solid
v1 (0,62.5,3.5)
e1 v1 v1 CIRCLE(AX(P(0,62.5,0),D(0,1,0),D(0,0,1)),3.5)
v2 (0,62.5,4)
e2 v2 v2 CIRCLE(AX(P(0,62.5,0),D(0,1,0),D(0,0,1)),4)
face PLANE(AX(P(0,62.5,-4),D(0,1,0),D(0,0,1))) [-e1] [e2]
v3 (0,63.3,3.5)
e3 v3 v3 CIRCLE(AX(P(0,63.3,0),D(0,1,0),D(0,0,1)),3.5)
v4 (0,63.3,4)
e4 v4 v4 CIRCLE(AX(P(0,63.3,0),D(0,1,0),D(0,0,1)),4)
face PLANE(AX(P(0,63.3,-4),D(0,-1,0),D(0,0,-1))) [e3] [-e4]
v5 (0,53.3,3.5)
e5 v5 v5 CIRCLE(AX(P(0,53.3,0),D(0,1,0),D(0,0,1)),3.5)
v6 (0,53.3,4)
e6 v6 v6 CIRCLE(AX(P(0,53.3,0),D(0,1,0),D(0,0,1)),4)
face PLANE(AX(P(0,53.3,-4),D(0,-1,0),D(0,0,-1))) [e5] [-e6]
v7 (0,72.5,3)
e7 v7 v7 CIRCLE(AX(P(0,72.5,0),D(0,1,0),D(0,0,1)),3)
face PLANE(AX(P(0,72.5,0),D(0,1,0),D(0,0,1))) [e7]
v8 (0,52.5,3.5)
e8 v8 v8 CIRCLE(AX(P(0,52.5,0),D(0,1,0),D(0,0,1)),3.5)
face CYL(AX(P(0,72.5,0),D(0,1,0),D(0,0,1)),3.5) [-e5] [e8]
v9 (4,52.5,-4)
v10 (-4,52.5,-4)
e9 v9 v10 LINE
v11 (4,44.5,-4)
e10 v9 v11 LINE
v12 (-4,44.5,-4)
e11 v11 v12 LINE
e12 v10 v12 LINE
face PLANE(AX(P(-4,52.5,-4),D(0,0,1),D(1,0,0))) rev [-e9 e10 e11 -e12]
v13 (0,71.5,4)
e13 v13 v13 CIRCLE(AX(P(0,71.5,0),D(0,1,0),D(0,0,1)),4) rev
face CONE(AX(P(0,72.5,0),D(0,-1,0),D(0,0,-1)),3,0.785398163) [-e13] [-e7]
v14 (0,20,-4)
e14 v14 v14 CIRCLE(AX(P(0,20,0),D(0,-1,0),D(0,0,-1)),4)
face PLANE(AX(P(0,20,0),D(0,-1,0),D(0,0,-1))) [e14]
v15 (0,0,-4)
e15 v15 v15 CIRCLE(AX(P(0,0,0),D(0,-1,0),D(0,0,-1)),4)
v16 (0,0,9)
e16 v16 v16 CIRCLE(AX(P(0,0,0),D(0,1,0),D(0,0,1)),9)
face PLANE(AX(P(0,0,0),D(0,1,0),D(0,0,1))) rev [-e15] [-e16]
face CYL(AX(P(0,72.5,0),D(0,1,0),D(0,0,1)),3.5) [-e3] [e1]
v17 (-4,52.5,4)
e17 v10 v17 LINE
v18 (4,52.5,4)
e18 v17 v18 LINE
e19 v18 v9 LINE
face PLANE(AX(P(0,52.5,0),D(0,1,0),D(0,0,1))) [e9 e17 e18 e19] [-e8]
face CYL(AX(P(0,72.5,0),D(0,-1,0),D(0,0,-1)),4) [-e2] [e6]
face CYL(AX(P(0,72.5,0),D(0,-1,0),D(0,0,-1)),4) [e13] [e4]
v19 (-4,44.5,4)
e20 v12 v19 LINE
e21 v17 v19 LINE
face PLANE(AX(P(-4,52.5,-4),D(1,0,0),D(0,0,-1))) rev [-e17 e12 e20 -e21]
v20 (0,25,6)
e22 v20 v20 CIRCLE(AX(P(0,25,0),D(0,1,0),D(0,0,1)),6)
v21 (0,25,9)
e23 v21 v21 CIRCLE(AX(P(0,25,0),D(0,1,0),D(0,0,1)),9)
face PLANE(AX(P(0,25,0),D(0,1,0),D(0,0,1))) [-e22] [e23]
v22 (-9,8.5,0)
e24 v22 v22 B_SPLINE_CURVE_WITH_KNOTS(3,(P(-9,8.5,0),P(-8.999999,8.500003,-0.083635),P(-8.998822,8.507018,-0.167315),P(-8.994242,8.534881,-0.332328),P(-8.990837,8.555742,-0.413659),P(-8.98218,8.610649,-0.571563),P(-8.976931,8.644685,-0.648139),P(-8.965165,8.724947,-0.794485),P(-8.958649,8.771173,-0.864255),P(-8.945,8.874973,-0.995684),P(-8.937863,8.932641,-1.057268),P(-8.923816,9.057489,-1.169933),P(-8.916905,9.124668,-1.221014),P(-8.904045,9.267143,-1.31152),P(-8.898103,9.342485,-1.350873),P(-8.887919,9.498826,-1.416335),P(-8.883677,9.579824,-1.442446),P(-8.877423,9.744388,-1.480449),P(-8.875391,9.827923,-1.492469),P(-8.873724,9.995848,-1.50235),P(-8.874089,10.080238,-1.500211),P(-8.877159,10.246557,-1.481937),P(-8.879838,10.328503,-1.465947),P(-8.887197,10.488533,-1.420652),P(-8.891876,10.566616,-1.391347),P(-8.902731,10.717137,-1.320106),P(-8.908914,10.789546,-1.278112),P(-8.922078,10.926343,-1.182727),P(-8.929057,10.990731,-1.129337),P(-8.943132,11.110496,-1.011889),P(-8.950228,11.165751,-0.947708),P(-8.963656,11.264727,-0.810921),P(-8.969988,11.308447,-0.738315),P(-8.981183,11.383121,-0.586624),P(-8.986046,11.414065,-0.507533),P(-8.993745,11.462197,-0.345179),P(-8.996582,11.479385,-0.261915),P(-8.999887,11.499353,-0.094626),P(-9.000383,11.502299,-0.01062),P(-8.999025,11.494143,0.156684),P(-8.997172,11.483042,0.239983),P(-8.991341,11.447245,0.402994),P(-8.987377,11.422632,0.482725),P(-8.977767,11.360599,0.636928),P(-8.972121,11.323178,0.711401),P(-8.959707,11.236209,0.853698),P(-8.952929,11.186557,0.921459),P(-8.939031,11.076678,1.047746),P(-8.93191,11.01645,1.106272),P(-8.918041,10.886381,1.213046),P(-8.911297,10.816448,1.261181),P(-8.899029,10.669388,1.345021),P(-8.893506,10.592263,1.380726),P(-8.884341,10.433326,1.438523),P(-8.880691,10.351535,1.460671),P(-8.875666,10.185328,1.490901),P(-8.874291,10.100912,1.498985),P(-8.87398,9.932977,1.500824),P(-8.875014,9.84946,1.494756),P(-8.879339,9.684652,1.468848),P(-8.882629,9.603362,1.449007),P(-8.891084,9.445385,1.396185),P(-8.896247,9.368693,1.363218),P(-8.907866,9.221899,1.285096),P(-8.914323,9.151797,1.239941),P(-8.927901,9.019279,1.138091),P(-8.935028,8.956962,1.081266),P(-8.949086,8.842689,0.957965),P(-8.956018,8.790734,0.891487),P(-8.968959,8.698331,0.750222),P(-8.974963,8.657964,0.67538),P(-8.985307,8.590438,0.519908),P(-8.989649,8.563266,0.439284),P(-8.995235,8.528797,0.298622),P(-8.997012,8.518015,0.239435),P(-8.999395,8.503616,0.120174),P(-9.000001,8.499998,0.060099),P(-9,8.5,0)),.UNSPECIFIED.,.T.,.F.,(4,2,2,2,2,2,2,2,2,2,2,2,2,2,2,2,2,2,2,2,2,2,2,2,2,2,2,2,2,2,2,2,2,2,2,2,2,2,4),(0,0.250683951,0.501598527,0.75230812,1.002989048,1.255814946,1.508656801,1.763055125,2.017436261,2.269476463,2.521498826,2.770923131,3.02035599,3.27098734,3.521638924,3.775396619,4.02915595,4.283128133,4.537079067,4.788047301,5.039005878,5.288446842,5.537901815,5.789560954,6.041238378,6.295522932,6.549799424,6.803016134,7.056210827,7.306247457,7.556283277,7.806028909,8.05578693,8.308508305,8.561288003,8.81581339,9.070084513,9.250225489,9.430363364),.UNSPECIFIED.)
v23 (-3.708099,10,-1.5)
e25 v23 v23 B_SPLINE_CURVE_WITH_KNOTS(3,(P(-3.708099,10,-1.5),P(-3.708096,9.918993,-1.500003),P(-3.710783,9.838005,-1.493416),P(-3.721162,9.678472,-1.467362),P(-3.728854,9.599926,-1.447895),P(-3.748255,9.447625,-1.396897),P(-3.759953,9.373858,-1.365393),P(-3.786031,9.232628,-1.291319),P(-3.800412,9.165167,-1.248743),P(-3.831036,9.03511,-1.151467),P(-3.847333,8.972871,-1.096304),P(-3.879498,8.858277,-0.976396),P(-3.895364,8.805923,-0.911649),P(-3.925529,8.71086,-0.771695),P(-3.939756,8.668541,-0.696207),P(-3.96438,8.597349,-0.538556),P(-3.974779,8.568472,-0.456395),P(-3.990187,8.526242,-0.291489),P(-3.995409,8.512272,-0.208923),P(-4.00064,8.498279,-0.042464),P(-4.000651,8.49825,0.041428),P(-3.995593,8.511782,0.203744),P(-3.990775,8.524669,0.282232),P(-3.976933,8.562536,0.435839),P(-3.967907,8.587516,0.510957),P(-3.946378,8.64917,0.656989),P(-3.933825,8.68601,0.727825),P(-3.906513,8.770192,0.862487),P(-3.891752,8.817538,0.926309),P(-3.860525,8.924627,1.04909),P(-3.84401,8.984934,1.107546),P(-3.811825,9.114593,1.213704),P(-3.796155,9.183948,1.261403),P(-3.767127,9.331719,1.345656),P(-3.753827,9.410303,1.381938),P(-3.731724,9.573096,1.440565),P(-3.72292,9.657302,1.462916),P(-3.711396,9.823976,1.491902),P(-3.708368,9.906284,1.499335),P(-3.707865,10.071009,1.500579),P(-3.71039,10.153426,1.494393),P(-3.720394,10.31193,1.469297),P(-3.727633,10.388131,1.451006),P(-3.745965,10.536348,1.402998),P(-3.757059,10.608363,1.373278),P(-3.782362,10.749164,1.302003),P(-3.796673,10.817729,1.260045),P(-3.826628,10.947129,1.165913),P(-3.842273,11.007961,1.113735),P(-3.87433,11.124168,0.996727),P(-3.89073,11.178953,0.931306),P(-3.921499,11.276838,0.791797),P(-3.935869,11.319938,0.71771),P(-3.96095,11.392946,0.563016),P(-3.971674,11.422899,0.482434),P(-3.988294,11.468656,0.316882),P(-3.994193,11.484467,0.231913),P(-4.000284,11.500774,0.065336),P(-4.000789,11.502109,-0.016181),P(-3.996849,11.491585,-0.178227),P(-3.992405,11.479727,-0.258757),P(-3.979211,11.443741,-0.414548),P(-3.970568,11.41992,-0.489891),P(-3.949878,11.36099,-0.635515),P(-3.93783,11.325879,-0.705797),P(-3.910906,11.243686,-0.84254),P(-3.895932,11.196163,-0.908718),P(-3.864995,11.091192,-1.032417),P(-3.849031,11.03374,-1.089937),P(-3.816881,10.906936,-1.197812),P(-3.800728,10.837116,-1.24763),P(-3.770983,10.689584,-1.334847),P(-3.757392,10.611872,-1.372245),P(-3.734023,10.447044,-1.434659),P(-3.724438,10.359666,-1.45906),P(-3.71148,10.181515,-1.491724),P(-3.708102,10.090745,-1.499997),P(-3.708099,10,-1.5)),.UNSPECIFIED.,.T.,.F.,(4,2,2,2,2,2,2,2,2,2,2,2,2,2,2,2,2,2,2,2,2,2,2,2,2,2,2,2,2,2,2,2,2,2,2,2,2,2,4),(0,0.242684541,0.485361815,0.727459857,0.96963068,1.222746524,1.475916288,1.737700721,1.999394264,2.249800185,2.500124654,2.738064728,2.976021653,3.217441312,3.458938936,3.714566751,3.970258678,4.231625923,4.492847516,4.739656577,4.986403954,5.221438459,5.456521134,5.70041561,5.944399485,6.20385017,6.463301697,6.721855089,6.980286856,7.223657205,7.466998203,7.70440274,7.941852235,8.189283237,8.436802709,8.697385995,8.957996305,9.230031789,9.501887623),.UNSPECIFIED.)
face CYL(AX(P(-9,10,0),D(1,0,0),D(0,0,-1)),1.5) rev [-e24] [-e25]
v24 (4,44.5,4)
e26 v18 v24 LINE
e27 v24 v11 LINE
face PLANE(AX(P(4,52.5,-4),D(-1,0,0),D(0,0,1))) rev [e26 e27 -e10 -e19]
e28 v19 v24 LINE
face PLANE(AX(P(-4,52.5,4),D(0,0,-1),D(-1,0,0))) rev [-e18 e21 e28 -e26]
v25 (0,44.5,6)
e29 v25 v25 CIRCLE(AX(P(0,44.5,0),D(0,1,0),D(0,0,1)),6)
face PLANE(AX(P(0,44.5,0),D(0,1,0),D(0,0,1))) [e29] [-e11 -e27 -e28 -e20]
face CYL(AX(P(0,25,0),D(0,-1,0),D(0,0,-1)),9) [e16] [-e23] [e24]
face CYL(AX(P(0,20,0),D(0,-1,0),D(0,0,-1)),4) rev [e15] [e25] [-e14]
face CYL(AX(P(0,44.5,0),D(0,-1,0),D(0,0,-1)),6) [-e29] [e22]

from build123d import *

# Parameters (mm, degrees)
SKETCH_1_R          = 9
EXTRUDE_1_DEPTH     = 25
SKETCH_2_R          = 4
CUT_EXTRUDE_1_DEPTH = 20
SKETCH_6_R          = 6
EXTRUDE_4_DEPTH     = 19.5
SKETCH_3_W          = 8
SKETCH_3_H          = 8
EXTRUDE_2_DEPTH     = 8
SKETCH_4_R          = 4
EXTRUDE_3_DEPTH     = 20
SKETCH_5_R          = 1.5
CUT_EXTRUDE_2_DEPTH = 74.608763065
CHAMFER_1_SIZE      = 1
SKETCH_7_W          = 0.5
SKETCH_7_H          = 0.8


with BuildPart() as part:
    # 草图1 → 凸台-拉伸1 (new body)
    with BuildSketch(Plane(origin=(0, 0, 0), x_dir=(1, 0, 0), z_dir=(0, 1, 0))):
        with Locations(Location((0, 0, 0), (0, 0, 270))):
            Circle(SKETCH_1_R)
    extrude(amount=EXTRUDE_1_DEPTH)

    # 草图2 → 切除-拉伸1 (cut)
    with BuildSketch(Plane.XZ):
        with Locations(Location((0, 0, 0), (0, 0, 270))):
            Circle(SKETCH_2_R)
    extrude(amount=-CUT_EXTRUDE_1_DEPTH, mode=Mode.SUBTRACT)

    # 草图6 → 凸台-拉伸4 (add)
    with BuildSketch(Plane(origin=(0, 25, 0), x_dir=(1, 0, 0), z_dir=(0, 1, 0))):
        with Locations(Location((0, 0, 0), (0, 0, 270))):
            Circle(SKETCH_6_R)
    extrude(amount=EXTRUDE_4_DEPTH)

    # 草图3 → 凸台-拉伸2 (add)
    with BuildSketch(Plane(origin=(0, 44.5, 0), x_dir=(1, 0, 0), z_dir=(0, 1, 0))):
        Rectangle(SKETCH_3_W, SKETCH_3_H)
    extrude(amount=EXTRUDE_2_DEPTH)

    # 草图4 → 凸台-拉伸3 (add)
    with BuildSketch(Plane(origin=(0, 52.5, 0), x_dir=(1, 0, 0), z_dir=(0, 1, 0))):
        with Locations(Location((0, 0, 0), (0, 0, 90))):
            Circle(SKETCH_4_R)
    extrude(amount=EXTRUDE_3_DEPTH)

    # 草图5 → 切除-拉伸2 (cut, through all)
    with BuildSketch(Plane(origin=(0, 0, 0), x_dir=(0, 0, -1), z_dir=(1, 0, 0))):
        with Locations((0, 10)):
            Circle(SKETCH_5_R)
    extrude(amount=-CUT_EXTRUDE_2_DEPTH, mode=Mode.SUBTRACT)

    # 倒角1
    chamfer_1_edges = [part.edges().sort_by_distance(p)[0] for p in [
        (0, 72.5, 4),
    ]]
    chamfer(chamfer_1_edges, length=CHAMFER_1_SIZE)

    # 草图7 → 切除-旋转1 (revolve, cut)
    with BuildSketch(Plane(origin=(0, 0, 0), x_dir=(0, 0, -1), z_dir=(1, 0, 0)), mode=Mode.PRIVATE) as cut_revolve_1_sk:
        with Locations((3.75, 62.9)):
            Rectangle(SKETCH_7_W, SKETCH_7_H)
        with Locations((3.75, 52.9)):
            Rectangle(SKETCH_7_W, SKETCH_7_H)
    revolve(cut_revolve_1_sk.sketch.rotate(Axis((0, 72.5, 0), (0, -1, 0)), 180), axis=Axis((0, 72.5, 0), (0, -1, 0)), mode=Mode.SUBTRACT)


solid = part.part
